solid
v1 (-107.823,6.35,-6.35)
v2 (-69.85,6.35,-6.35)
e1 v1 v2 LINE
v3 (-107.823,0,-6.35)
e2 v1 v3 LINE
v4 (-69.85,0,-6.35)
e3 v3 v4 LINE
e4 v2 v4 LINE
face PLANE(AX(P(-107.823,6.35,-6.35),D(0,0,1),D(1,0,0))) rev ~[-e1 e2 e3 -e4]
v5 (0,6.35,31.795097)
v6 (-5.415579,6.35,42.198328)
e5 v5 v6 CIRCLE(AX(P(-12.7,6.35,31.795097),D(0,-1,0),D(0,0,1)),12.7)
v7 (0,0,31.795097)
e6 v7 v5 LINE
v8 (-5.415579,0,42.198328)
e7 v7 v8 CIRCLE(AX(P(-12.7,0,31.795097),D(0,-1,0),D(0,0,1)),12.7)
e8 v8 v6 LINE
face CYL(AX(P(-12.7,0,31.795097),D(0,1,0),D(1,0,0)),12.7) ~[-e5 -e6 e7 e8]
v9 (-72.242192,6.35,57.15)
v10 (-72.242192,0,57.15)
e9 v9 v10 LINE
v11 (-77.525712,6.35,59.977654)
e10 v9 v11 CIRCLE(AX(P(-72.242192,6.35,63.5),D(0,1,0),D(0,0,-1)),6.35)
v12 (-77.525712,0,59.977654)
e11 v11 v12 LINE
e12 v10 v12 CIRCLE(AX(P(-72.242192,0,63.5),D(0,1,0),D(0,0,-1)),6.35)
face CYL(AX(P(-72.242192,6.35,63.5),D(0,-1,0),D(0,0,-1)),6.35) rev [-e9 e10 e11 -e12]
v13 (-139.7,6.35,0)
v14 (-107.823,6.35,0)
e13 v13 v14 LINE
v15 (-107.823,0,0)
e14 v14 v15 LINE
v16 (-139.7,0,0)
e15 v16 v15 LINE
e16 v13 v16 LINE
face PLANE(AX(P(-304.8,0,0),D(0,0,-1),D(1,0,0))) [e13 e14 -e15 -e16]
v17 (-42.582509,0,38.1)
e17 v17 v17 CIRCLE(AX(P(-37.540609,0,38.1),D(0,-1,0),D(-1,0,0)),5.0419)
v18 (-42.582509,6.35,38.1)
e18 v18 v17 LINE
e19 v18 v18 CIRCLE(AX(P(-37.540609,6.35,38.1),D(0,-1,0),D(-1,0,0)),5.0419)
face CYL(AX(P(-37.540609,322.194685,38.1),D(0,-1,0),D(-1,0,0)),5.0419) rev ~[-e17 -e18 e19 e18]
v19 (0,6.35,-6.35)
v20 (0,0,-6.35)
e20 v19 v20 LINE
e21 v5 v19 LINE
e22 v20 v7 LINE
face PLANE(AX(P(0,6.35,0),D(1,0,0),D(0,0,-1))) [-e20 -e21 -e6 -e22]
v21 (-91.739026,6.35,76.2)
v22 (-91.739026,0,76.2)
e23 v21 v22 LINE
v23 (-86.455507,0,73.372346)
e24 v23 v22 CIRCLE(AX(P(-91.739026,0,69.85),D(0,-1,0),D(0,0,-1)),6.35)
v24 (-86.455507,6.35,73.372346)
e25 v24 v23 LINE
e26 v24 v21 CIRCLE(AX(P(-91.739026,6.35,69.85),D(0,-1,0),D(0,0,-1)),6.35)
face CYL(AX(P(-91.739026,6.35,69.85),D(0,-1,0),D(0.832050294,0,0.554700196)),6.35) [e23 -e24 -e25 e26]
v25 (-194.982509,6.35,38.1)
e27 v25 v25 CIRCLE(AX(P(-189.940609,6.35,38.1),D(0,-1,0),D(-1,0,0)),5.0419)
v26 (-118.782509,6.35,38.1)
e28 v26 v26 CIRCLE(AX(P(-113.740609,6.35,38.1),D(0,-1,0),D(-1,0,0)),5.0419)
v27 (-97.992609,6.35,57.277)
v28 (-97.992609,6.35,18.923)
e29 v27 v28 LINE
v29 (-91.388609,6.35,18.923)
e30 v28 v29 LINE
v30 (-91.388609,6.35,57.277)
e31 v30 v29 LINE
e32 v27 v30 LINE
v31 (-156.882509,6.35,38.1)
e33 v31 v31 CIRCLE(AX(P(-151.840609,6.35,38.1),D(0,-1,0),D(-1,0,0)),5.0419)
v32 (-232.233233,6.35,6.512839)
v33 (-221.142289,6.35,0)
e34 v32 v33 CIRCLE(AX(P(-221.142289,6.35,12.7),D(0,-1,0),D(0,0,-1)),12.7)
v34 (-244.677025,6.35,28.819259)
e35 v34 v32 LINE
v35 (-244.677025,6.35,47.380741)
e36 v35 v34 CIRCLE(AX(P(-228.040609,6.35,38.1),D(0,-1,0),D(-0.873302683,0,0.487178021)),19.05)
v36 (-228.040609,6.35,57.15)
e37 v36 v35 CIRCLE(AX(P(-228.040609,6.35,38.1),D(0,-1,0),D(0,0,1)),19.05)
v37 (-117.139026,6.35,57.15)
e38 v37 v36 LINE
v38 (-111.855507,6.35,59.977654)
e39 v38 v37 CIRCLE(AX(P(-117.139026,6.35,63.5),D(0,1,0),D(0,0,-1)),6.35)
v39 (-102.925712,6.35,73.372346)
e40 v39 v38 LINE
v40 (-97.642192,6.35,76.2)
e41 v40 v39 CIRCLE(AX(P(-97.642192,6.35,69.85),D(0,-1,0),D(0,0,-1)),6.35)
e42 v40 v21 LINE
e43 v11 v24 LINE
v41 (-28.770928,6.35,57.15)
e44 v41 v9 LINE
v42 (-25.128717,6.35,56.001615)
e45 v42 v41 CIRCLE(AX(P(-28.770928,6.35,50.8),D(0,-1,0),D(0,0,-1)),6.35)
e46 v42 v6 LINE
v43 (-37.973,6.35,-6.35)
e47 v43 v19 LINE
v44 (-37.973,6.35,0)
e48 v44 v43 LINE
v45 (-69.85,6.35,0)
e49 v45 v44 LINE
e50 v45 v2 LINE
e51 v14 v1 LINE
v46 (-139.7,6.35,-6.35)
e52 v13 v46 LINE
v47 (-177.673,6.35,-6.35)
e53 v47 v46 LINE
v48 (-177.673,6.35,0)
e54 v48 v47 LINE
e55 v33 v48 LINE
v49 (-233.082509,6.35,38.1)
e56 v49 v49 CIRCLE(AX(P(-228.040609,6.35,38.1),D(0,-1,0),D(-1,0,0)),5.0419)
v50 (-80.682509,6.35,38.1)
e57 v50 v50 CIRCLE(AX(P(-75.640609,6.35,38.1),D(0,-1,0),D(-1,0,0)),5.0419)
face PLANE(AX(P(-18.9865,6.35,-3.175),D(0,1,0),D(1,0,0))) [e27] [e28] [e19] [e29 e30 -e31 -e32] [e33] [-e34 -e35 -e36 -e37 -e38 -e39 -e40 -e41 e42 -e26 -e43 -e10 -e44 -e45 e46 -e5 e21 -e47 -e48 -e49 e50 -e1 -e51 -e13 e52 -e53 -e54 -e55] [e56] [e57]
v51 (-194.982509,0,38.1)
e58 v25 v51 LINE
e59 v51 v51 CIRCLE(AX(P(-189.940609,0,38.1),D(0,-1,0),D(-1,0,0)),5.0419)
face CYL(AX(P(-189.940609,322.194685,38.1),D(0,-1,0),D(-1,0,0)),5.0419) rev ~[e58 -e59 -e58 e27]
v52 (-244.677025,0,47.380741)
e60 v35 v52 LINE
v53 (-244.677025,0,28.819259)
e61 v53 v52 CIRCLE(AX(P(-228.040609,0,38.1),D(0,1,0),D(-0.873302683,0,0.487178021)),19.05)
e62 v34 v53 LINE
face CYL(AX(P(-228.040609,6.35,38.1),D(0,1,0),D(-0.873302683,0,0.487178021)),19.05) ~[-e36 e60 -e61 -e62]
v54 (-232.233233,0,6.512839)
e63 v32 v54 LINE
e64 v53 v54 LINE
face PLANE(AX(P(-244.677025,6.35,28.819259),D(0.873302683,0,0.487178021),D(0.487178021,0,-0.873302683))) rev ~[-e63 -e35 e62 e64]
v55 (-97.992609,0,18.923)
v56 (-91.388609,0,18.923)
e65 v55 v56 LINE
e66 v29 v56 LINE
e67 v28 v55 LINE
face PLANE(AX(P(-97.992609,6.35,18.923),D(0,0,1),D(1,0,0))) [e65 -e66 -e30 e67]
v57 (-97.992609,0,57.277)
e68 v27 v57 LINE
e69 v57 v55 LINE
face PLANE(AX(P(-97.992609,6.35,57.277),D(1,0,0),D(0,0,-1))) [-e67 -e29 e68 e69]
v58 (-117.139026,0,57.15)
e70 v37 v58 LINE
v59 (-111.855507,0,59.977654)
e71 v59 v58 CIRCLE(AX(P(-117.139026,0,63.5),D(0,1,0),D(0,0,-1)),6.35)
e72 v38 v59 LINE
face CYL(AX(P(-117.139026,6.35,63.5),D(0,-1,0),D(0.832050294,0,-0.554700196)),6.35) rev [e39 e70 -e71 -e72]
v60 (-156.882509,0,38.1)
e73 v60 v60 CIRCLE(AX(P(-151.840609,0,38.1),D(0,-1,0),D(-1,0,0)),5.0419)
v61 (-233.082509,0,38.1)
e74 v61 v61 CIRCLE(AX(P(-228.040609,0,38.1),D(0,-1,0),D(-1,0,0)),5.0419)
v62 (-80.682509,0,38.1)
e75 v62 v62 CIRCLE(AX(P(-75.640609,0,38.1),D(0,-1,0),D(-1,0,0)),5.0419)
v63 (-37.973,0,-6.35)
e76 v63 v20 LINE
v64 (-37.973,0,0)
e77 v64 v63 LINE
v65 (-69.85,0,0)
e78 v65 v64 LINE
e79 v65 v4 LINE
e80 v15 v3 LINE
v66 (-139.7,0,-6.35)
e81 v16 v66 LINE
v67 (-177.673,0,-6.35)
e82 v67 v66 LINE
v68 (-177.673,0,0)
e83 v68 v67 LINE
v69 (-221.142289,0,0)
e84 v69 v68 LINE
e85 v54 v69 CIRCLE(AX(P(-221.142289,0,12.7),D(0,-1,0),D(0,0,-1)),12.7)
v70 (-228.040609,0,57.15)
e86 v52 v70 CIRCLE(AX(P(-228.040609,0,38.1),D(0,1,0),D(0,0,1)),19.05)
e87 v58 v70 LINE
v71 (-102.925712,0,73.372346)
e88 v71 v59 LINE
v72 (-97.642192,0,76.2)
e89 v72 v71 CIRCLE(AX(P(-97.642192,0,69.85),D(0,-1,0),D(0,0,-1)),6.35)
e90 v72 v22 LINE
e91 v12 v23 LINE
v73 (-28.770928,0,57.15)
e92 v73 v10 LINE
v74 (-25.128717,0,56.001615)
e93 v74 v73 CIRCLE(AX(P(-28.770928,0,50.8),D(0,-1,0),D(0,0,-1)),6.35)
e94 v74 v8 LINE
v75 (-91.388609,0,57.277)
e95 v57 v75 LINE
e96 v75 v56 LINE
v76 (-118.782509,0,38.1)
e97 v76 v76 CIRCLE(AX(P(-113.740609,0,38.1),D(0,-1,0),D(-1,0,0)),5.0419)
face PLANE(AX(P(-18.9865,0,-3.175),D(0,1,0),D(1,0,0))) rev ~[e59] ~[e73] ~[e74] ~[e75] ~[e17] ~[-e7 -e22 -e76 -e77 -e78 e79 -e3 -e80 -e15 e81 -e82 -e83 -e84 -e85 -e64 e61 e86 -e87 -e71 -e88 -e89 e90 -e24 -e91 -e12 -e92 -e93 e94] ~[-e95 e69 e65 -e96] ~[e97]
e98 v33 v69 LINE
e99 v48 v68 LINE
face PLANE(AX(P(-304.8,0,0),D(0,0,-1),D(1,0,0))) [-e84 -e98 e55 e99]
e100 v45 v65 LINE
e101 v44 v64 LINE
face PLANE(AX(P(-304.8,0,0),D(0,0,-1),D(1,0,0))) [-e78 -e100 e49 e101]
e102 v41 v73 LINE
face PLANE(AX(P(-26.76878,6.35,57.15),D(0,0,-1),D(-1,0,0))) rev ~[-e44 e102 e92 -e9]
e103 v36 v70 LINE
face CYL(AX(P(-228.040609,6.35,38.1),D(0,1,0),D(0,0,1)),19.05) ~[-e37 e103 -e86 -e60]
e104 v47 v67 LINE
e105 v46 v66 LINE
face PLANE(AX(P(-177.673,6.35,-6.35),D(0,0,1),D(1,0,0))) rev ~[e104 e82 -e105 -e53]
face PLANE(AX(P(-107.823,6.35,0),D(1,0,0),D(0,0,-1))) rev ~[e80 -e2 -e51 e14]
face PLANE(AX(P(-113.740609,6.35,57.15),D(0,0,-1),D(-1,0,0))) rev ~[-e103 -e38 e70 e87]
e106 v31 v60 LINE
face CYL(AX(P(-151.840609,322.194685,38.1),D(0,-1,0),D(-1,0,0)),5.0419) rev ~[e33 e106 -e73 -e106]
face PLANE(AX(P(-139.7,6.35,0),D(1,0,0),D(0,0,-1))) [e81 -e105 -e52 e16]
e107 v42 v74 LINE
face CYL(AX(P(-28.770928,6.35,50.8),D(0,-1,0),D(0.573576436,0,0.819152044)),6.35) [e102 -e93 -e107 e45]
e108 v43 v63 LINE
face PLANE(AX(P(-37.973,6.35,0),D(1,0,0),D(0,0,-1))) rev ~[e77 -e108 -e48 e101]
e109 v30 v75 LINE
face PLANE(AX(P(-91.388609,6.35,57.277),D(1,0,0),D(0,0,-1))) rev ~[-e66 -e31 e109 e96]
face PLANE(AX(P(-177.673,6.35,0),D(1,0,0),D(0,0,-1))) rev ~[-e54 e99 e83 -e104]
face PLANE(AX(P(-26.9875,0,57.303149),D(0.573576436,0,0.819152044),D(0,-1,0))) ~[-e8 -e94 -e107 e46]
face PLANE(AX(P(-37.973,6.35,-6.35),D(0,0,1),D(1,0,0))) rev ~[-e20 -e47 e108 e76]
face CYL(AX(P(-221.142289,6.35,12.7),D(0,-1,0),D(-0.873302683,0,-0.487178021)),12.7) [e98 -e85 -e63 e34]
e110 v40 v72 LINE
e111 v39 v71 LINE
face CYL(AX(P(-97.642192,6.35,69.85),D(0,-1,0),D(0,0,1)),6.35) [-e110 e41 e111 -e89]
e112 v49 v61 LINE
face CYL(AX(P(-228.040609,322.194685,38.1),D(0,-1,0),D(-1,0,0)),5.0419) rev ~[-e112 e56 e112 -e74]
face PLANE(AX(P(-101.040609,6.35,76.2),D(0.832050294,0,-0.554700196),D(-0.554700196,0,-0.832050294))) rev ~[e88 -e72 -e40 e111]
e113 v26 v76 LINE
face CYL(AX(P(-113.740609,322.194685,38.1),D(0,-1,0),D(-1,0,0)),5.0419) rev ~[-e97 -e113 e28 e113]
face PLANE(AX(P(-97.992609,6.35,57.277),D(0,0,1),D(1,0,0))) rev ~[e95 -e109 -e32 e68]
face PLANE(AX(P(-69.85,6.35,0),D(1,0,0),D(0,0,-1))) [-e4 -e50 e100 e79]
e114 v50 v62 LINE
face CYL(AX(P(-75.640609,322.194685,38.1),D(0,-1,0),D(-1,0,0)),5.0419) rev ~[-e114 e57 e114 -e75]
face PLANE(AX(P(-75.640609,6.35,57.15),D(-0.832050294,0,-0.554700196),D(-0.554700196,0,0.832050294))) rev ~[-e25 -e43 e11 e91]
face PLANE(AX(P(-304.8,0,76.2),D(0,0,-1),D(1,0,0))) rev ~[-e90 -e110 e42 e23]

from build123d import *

# Parameters (mm, degrees)
SKETCH1_W               = 304.8
SKETCH1_H               = 76.2
BOSS_EXTRUDE1_DEPTH     = 6.35
CHAMFER1_SIZE           = 53.975
CHAMFER1_SIZE2          = 37.793701875
SKETCH2_W               = 37.973
SKETCH2_H               = 6.35
BOSS_EXTRUDE2_DEPTH     = 6.35
LPATTERN1_COUNT         = 3
LPATTERN1_PITCH         = 69.85
F_3_8_CLEARANCE_HOLE1_D = 10.0838
CUT_EXTRUDE1_DEPTH      = 7.35
FILLET1_R               = 12.7
SKETCH7_W               = 6.604
SKETCH7_H               = 38.354
CUT_EXTRUDE2_DEPTH      = 7.35
CUT_EXTRUDE3_DEPTH      = 7.35
FILLET2_R               = 6.35


with BuildPart() as part:
    # Sketch1 → Boss-Extrude1 (new body)
    with BuildSketch(Plane(origin=(0, 0, 0), x_dir=(1, 0, 0), z_dir=(0, 1, 0))):
        with Locations((-152.4, -38.1)):
            Rectangle(SKETCH1_W, SKETCH1_H)
    extrude(amount=BOSS_EXTRUDE1_DEPTH)

    # Chamfer1
    chamfer1_edges = [part.edges().sort_by_distance(p)[0] for p in [
        (0, 3.175, 76.2),
    ]]
    chamfer1_side = [part.faces().sort_by_distance(p)[0] for p in [
        (-152.4, 3.175, 76.2),
    ]]
    chamfer(chamfer1_edges, length=CHAMFER1_SIZE, length2=CHAMFER1_SIZE2, reference=chamfer1_side[0])

    # Sketch2 → Boss-Extrude2 (add)
    with BuildSketch(Plane(origin=(0, 6.35, 0), x_dir=(1, 0, 0), z_dir=(0, 1, 0))):
        with Locations((-18.9865, 3.175)):
            Rectangle(SKETCH2_W, SKETCH2_H)
    boss_extrude2 = extrude(amount=-BOSS_EXTRUDE2_DEPTH)

    # LPattern1: Boss-Extrude2 ×3
    with Locations(*[(-i * LPATTERN1_PITCH, 0, 0) for i in range(1, LPATTERN1_COUNT)]):
        add(boss_extrude2)

    # 3/8 Clearance Hole1 (through all)
    with Locations(Plane(origin=(0, 6.35, 0), x_dir=(1, 0, 0), z_dir=(0, 1, 0))):
        with Locations((-37.5406093, -38.1), (-75.6406093, -38.1), (-113.7406093, -38.1), (-151.8406093, -38.1), (-189.9406093, -38.1), (-228.0406093, -38.1)):
            Hole(F_3_8_CLEARANCE_HOLE1_D / 2)

    # Sketch6 → Cut-Extrude1 (cut, through all)
    with BuildSketch(Plane(origin=(0, 6.35, 0), x_dir=(1, 0, 0), z_dir=(0, 1, 0))):
        with BuildLine():
            Line((-244.677025408, -28.8192587), (-228.6, 0))
            Line((-228.6, 0), (-304.8, 0))
            Line((-304.8, 0), (-304.8, -76.2))
            Line((-304.8, -76.2), (-228.6, -76.2))
            Line((-228.6, -76.2), (-244.677025408, -47.3807413))
            ThreePointArc((-244.677025408, -47.3807413), (-247.0906093, -38.1), (-244.677025408, -28.8192587))
        make_face()
    extrude(amount=-CUT_EXTRUDE1_DEPTH, mode=Mode.SUBTRACT)

    # Fillet1
    fillet1_edges = [part.edges().sort_by_distance(p)[0] for p in [
        (-228.6, 3.175, 76.2),
        (-228.6, 3.175, 0),
        (0, 3.175, 38.406298125),
        (-53.975, 3.175, 76.2),
    ]]
    fillet(fillet1_edges, radius=FILLET1_R)

    # Sketch7 → Cut-Extrude2 (cut, through all)
    with BuildSketch(Plane(origin=(0, 6.35, 0), x_dir=(1, 0, 0), z_dir=(0, 1, 0))):
        with Locations((-94.6906093, -38.1)):
            Rectangle(SKETCH7_W, SKETCH7_H)
    extrude(amount=-CUT_EXTRUDE2_DEPTH, mode=Mode.SUBTRACT)

    # Sketch8 → Cut-Extrude3 (cut, through all)
    with BuildSketch(Plane(origin=(0, 6.35, 0), x_dir=(1, 0, 0), z_dir=(0, 1, 0))):
        with BuildLine():
            Line((-113.7406093, -57.15), (-228.0406093, -57.15))
            ThreePointArc((-228.0406093, -57.15), (-237.686965561, -54.527121199), (-244.677025408, -47.3807413))
            Line((-244.677025408, -47.3807413), (-232.233232947, -69.687160867))
            ThreePointArc((-232.233232947, -69.687160867), (-227.573193049, -74.451414133), (-221.142288875, -76.2))
            Line((-221.142288875, -76.2), (-101.0406093, -76.2))
            Line((-101.0406093, -76.2), (-113.7406093, -57.15))
        make_face()
        with BuildLine():
            Line((-75.6406093, -57.15), (-88.3406093, -76.2))
            Line((-88.3406093, -76.2), (-57.979294619, -76.2))
            ThreePointArc((-57.979294619, -76.2), (-54.160330965, -75.612205275), (-50.694873877, -73.903230962))
            Line((-50.694873877, -73.903230962), (-26.768780472, -57.15))
            Line((-26.768780472, -57.15), (-75.6406093, -57.15))
        make_face()
    extrude(amount=-CUT_EXTRUDE3_DEPTH, mode=Mode.SUBTRACT)

    # Fillet2
    fillet2_edges = [part.edges().sort_by_distance(p)[0] for p in [
        (-113.7406093, 3.175, 57.15),
        (-101.0406093, 3.175, 76.2),
        (-75.6406093, 3.175, 57.15),
        (-26.768780472, 3.175, 57.15),
        (-88.3406093, 3.175, 76.2),
    ]]
    fillet(fillet2_edges, radius=FILLET2_R)


solid = part.part
